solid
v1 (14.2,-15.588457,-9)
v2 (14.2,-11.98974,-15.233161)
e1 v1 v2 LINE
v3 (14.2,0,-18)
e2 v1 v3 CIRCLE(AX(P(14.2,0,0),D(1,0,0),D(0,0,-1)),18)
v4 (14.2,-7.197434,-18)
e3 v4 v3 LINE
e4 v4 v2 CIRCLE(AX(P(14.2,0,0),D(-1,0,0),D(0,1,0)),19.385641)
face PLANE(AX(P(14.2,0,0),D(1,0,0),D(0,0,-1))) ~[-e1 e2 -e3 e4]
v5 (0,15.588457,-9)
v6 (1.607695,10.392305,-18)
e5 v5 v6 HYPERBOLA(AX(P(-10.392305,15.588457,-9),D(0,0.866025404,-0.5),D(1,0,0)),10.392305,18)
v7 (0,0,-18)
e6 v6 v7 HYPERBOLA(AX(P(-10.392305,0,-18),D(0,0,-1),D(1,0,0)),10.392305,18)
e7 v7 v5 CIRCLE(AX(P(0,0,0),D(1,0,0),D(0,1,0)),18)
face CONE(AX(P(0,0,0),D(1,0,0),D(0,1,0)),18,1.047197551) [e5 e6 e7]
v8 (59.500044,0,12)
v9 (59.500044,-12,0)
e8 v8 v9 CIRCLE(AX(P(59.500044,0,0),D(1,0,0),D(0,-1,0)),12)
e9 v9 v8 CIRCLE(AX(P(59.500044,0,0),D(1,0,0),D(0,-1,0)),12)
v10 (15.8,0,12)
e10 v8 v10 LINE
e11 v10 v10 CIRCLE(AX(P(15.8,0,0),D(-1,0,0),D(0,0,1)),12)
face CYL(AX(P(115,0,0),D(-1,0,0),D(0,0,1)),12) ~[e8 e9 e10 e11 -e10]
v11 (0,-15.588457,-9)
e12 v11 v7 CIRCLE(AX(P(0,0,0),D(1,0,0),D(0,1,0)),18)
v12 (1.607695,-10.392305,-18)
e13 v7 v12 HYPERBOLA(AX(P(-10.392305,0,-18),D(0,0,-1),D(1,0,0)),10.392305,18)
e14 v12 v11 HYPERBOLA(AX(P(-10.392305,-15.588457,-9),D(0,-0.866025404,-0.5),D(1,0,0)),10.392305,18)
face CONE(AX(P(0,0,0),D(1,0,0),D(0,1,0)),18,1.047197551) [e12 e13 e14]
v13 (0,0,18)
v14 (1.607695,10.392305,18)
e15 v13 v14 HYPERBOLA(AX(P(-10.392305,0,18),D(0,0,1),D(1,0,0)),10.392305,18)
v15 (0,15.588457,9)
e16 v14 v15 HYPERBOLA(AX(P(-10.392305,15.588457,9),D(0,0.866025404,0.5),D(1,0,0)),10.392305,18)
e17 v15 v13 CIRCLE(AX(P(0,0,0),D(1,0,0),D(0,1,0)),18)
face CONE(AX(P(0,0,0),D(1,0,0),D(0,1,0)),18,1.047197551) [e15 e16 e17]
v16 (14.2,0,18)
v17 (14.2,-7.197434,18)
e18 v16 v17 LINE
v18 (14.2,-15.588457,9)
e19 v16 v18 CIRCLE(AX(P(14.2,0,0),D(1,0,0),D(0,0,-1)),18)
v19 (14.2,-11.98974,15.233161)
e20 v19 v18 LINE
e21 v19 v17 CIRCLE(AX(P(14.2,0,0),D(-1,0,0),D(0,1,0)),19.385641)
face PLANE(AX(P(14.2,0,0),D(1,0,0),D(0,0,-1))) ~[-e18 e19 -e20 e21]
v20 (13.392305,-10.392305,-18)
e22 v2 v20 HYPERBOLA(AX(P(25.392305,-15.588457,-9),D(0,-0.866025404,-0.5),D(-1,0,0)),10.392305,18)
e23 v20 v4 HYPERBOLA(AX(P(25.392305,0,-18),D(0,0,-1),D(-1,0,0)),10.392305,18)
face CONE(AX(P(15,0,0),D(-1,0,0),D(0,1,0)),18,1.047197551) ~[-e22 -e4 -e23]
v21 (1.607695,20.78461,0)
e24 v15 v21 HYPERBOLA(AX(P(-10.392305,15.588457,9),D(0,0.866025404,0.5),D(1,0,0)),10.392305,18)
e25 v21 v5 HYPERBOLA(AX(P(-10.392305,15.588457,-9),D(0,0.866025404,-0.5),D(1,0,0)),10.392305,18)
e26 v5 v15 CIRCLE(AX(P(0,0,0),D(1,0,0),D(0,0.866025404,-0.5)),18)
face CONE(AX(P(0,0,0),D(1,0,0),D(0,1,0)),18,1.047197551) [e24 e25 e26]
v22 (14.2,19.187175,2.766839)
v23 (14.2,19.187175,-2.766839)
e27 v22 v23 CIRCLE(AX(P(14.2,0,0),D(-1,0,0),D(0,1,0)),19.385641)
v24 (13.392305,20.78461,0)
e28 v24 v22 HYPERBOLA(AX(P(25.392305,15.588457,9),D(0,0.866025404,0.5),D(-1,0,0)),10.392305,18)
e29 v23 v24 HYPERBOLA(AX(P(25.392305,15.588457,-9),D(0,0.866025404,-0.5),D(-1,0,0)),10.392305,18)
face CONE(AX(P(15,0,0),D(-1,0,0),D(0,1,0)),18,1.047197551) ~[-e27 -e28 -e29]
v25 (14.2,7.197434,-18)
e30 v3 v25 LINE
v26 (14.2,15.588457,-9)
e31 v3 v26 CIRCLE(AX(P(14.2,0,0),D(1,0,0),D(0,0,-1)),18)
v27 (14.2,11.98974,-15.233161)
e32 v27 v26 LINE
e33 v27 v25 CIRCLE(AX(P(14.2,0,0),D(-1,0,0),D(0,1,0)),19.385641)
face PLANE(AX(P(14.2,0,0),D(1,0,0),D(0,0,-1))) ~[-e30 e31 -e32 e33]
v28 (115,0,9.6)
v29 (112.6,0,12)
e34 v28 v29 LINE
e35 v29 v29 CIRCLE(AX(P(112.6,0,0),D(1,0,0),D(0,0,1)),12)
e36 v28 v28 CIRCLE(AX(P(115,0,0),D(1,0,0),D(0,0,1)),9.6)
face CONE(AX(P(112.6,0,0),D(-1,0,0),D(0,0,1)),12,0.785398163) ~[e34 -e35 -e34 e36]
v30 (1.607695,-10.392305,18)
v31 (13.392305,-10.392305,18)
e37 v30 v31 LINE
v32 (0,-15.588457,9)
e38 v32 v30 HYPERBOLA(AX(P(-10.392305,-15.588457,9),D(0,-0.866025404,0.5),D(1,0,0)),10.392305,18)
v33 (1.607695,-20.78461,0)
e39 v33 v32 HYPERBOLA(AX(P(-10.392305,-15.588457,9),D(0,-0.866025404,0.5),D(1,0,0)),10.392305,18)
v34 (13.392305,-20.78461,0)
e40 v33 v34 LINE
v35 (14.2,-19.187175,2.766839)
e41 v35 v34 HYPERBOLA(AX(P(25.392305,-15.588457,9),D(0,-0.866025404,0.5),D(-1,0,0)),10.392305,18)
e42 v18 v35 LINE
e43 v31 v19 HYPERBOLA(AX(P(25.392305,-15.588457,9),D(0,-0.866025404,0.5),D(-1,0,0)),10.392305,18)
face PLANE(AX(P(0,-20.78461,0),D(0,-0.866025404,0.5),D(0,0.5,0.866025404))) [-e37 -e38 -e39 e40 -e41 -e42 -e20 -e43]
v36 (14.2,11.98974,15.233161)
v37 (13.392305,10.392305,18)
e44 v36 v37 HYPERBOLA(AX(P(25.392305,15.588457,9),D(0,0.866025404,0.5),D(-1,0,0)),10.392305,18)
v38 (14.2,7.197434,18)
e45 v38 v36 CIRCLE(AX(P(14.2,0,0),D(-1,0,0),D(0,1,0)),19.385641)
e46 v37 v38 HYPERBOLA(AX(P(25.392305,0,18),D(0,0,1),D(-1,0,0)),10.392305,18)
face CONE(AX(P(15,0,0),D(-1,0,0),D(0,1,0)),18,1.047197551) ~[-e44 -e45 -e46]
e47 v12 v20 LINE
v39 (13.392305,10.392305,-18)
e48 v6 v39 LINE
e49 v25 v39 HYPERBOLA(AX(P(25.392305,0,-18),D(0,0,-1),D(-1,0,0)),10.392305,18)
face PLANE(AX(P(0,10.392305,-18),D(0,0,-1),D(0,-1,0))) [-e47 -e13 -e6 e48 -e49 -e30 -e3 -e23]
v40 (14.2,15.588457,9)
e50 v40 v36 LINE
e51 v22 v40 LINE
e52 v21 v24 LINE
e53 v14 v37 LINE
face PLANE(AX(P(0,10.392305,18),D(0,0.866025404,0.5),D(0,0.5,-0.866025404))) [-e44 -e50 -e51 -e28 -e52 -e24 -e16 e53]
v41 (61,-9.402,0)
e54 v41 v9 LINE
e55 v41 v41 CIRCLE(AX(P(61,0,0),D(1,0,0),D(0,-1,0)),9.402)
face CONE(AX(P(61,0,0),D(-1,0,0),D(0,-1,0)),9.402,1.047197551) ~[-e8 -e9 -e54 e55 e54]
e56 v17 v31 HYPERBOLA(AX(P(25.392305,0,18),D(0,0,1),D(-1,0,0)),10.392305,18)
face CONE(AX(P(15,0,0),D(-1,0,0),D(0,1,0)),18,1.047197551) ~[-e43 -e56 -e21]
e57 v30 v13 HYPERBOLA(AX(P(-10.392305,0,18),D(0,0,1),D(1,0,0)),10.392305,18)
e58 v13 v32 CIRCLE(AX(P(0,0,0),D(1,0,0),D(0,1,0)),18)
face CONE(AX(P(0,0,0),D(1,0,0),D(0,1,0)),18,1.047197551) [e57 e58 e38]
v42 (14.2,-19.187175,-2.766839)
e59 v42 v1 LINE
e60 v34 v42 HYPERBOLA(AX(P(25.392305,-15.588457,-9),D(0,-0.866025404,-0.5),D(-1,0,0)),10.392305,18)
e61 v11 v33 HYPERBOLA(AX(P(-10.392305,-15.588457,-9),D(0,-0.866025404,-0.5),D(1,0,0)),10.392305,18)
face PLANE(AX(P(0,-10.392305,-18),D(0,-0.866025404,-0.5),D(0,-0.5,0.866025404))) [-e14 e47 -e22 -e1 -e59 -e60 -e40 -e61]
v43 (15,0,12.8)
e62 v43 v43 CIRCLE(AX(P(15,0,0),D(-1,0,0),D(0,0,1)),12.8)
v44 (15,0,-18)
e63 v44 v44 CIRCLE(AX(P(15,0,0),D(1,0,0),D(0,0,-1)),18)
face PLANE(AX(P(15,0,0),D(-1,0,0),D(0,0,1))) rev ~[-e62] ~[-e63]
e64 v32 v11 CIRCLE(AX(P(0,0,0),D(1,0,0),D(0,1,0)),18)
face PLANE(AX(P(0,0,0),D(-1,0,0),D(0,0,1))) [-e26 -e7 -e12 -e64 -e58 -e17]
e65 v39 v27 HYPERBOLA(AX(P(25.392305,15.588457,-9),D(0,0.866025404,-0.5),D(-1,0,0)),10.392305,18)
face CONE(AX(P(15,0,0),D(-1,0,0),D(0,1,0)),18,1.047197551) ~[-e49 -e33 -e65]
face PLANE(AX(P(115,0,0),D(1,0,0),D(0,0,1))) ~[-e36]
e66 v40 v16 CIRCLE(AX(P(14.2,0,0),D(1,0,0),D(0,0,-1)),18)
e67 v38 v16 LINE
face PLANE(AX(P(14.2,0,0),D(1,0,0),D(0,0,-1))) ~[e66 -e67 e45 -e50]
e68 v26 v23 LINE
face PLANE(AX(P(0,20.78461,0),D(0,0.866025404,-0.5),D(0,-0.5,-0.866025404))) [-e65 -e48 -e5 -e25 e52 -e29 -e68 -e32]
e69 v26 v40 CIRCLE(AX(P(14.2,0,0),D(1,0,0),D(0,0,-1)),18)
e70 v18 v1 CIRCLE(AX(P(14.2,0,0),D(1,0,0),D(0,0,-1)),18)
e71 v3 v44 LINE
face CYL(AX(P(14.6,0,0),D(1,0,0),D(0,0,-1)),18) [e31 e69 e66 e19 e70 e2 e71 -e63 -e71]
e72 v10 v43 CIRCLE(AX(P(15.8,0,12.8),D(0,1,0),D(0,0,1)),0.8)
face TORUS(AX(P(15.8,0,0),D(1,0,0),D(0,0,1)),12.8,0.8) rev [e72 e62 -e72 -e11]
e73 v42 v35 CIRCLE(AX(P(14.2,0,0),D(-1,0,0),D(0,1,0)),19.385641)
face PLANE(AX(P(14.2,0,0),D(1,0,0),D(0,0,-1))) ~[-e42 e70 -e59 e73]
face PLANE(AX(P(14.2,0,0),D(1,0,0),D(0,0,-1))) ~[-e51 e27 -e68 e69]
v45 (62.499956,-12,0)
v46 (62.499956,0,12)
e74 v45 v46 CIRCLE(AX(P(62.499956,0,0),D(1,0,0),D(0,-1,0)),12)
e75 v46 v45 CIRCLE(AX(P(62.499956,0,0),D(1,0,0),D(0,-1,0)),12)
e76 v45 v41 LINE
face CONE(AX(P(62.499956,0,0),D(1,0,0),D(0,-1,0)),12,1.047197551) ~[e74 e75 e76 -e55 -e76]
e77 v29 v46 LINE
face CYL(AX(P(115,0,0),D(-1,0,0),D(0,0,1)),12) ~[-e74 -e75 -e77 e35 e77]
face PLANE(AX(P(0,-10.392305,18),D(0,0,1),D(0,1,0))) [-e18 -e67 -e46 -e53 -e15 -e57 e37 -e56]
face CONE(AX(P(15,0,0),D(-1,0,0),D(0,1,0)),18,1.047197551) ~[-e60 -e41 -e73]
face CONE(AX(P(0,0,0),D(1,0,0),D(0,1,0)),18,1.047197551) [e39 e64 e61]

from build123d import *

# Parameters (mm, degrees)
EXTRUDE_384_DEPTH = 15
SKETCH_4_W        = 0.8
SKETCH_4_H        = 12.784609691
CHAMFER_2079_SIZE = 2.4
FILLET_2121_R     = 0.8


with BuildPart() as part:
    # 草图1 → Extrude 384 (new body)
    with BuildSketch(Plane(origin=(0, 0, 0), x_dir=(0, 0, -1), z_dir=(1, 0, 0))):
        Polygon((18, 10.392304845), (18, -10.392304845), (0, -20.784609691), (-18, -10.392304845), (-18, 10.392304845), (0, 20.784609691), align=None)
    extrude(amount=EXTRUDE_384_DEPTH)

    # 草图2 → 凸台-旋转1 (revolve)
    with BuildSketch(Plane.XY, mode=Mode.PRIVATE) as revolve_1_sk:
        Polygon((0, 0), (115, 0), (115, 9.402), (115, 12), (27.8072, 12), (0, 12), align=None)
    revolve(revolve_1_sk.sketch.rotate(Axis((0, 0, 0), (1, 0, 0)), 90), axis=Axis((0, 0, 0), (1, 0, 0)))

    # 草图3 → 切除-旋转1 (revolve, cut)
    with BuildSketch(Plane.XY):
        Polygon((0, 18), (4.494446501, 25.784609691), (4.494446501, 30.784609691), (-10, 30.784609691), (-10, 18), align=None)
    revolve(axis=Axis((0, 0, 0), (1, 0, 0)), mode=Mode.SUBTRACT)

    # 草图5 → 切除-旋转2 (revolve, cut)
    with BuildSketch(Plane.XY):
        Polygon((15, 18), (10.505553499, 25.784609691), (10.505553499, 30.784609691), (20.505553499, 30.784609691), (20.505553499, 18), align=None)
    revolve(axis=Axis((0, 0, 0), (1, 0, 0)), mode=Mode.SUBTRACT)

    # 草图4 → 切除-旋转3 (revolve, cut)
    with BuildSketch(Plane.XY, mode=Mode.PRIVATE) as cut_revolve_3_sk:
        with Locations((14.6, 24.392304845)):
            Rectangle(SKETCH_4_W, SKETCH_4_H)
    revolve(cut_revolve_3_sk.sketch.rotate(Axis((0, 0, 0), (1, 0, 0)), 270), axis=Axis((0, 0, 0), (1, 0, 0)), mode=Mode.SUBTRACT)

    # Chamfer 2079
    chamfer_2079_edges = [part.edges().sort_by_distance(p)[0] for p in [
        (115, 0, -12),
    ]]
    chamfer(chamfer_2079_edges, length=CHAMFER_2079_SIZE)

    # Fillet 2121
    fillet_2121_edges = [part.edges().sort_by_distance(p)[0] for p in [
        (15, 0, -12),
    ]]
    fillet(fillet_2121_edges, radius=FILLET_2121_R)

    # 草图6 → 切除-旋转4 (revolve, cut)
    with BuildSketch(Plane.XY):
        Polygon((61, -9.402), (59.500044001, -12), (59.500044001, -15), (62.499955999, -15), (62.499955999, -12), align=None)
    revolve(axis=Axis((-3.175, 0, 0), (1, 0, 0)), mode=Mode.SUBTRACT)


solid = part.part
